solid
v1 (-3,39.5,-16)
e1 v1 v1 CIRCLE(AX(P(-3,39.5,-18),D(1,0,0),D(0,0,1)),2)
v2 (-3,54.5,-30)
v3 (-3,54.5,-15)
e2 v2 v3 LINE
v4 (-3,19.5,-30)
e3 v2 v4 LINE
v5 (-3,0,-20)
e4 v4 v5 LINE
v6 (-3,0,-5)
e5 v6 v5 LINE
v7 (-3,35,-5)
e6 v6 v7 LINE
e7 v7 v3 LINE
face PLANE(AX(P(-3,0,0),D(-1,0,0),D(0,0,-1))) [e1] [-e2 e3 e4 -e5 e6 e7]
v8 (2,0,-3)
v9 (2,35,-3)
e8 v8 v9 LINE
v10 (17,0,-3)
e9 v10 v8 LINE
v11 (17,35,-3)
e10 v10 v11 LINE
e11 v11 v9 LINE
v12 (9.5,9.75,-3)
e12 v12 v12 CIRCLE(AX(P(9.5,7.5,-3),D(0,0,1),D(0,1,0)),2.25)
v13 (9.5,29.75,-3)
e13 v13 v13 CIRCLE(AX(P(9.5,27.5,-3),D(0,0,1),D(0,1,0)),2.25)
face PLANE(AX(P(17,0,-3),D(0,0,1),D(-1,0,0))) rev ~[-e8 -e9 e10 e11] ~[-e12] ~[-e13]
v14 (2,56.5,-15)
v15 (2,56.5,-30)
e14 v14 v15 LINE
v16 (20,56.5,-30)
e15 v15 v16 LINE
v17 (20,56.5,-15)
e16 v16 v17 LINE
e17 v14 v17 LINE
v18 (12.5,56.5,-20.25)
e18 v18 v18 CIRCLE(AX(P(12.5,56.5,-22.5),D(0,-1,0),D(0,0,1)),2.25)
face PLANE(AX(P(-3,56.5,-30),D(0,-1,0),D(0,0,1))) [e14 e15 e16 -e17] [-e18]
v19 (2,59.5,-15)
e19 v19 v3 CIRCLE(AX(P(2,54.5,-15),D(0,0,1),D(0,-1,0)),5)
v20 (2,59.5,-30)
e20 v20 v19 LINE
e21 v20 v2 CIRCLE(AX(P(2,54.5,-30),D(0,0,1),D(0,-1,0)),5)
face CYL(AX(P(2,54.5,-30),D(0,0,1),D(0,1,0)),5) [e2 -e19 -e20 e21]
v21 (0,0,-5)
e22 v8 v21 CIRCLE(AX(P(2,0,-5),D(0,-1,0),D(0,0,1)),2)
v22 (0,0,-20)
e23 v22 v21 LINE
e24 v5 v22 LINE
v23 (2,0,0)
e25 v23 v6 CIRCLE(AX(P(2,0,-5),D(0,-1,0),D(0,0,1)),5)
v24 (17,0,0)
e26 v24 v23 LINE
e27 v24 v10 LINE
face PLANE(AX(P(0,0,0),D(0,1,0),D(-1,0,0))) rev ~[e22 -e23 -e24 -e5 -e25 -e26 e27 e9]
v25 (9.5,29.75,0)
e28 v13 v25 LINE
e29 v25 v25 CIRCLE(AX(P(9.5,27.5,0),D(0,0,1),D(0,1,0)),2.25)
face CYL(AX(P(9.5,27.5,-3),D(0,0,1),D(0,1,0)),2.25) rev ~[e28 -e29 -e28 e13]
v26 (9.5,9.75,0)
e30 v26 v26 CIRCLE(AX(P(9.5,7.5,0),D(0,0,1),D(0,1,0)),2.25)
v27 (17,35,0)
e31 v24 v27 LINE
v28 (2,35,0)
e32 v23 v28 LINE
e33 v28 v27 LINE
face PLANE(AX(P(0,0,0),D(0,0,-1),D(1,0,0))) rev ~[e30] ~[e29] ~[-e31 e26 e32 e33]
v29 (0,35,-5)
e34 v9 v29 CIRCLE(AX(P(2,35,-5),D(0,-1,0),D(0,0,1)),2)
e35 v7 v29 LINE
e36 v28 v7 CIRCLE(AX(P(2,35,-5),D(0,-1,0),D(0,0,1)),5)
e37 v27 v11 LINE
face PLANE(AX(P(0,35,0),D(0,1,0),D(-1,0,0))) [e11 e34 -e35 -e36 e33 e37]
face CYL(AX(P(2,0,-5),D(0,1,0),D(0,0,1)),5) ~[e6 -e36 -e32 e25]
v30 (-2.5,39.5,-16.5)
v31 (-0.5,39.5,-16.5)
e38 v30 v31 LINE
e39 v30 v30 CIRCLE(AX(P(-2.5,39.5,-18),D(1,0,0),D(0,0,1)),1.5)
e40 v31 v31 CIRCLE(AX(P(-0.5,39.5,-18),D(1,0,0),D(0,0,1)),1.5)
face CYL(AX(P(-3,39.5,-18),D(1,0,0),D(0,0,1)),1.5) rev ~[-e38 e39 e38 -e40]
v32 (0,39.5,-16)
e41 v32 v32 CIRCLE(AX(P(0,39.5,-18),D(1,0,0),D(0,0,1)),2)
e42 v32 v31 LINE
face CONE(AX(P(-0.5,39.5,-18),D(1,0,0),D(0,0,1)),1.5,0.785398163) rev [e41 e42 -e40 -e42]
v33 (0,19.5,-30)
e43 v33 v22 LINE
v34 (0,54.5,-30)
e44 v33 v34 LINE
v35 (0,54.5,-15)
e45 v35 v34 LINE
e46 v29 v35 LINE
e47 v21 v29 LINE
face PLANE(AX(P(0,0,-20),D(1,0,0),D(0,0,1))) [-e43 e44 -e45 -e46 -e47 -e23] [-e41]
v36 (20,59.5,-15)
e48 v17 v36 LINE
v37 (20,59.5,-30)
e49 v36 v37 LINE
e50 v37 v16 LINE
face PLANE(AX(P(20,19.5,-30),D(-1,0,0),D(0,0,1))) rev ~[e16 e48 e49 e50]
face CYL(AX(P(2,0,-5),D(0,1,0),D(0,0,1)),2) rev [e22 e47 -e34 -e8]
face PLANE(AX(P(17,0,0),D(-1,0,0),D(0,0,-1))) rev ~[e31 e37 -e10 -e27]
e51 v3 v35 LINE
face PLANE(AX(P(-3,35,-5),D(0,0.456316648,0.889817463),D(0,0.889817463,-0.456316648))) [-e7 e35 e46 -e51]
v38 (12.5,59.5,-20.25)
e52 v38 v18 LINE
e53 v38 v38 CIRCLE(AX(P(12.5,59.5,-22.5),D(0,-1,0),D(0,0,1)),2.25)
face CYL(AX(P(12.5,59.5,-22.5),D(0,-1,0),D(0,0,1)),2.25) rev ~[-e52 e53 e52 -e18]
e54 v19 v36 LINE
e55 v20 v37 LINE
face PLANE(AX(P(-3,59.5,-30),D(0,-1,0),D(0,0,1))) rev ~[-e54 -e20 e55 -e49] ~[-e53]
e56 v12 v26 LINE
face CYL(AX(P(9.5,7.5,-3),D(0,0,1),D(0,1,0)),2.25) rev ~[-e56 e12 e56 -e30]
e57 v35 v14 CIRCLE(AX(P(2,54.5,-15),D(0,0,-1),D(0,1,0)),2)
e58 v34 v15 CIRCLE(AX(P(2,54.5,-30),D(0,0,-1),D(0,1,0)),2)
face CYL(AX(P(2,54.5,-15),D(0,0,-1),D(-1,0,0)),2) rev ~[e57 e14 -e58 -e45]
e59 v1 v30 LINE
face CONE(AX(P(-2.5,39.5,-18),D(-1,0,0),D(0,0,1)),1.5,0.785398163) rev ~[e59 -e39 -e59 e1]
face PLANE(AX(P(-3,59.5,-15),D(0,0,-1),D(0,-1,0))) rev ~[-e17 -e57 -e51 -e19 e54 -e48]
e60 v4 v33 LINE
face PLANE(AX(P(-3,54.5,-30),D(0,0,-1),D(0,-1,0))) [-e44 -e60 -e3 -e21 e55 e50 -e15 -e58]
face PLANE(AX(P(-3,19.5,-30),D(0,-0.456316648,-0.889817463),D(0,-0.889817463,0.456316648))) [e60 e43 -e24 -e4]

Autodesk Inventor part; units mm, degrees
ref_plane "YZ Plane" through (0, 0, 0) normal (1, 0, 0) x (0, 1, 0)
ref_plane "XZ Plane" through (0, 0, 0) normal (0, 1, 0) x (-1, 0, 0)
ref_plane "XY Plane" through (0, 0, 0) normal (0, 0, 1) x (1, 0, 0)
sketch "Sketch1" plane through (0, 0, 0) normal (0, 1, 0) x (-1, 0, 0)
  line L0 (0, 0) -> (-17, 0)
  line L1 (-17, 0) -> (-17, -3)
  line L2 (-17, -3) -> (0, -3)
  line L3 (0, -3) -> (0, 0)
  line L4 (0, 0) -> (3, 0)
  line L5 (3, 0) -> (3, -20)
  line L6 (3, -20) -> (0, -20)
  line L7 (0, -20) -> (0, 0)
  dimension "d0" = 3
  dimension "d1" = 3
  dimension "d3" = 20
  dimension "d56" = 20
extrude "Extrusion1" add sketch "Sketch1" along normal blind 35
fillet "Fillet1" radius 2 1 edges at (0, 17.5, -3)
fillet "Fillet2" radius 5 1 edges at (-3, 17.5, 0)
sketch "Sketch3" plane through (17, 0, -3) normal (0, 0, -1) x (1, 0, 0)
  line L0 (0, -35) -> (-15, -35) projected
  line L1 (-15, 0) -> (0, 0) projected
  line L2 (0, 0) -> (0, -35) projected
  point P0 (-17, 0)
  point P1 (-7.5, -27.5)
  point P2 (-17, 35)
  point P3 (-17, 0)
  point P4 (-7.5, -7.5)
  point P5 (-17, -35)
  dimension "d21" = 7.5
  dimension "d57" = 7.5
  dimension "d58" = 7.5
hole "Hole2" at (9.5, 27.5, -3) at (9.5, 7.5, -3) direction (0, 0, 1) diameter 4.5 end through all clearance for "Socket Head Cap Screw" size "M4" standard "Ansi Metric M Profile"
sketch "Sketch4" plane through (-3, 0, -20) normal (-1, 0, 0) x (0, 0, 1)
  line L0 (15, 35) -> (5, 54.5)
  line L1 (5, 54.5) -> (-10, 54.5)
  line L2 (-10, 54.5) -> (-10, 19.5)
  line L3 (0, 0) -> (0, 35) projected
  line L4 (-10, 19.5) -> (0, 0)
  line L5 (5, 54.5) -> (-10, 54.5)
  line L6 (-10, 54.5) -> (-10, 59.5)
  line L7 (-10, 59.5) -> (5, 59.5)
  line L8 (5, 59.5) -> (5, 54.5)
  line L9 (20, 0) -> (20, 35) projected
  line L10 (17, 25.25) -> (17, 29.75) projected
  line L11 (20, 29.75) -> (20, 25.25) projected
  line L12 (17, 25.25) -> (17, 29.75) projected
  line L13 (0, 35) -> (15, 35) projected
  dimension "d30" = 5
  dimension "d32" = 15
  dimension "d34" = 15
  dimension "d59" = 19.5
extrude "Extrusion2" add sketch "Sketch4" against normal up to surface (3 mm away)
sketch "Sketch5" plane through (-3, 19.5, -30) normal (-1, 0, 0) x (0, 0, 1)
  line L0 (10, -19.5) -> (25, -19.5) projected
  line L1 (0, 40) -> (0, 0) projected
  line L2 (15, 40) -> (0, 40)
  line L3 (0, 40) -> (0, 37)
  line L4 (0, 37) -> (15, 37)
  line L5 (15, 37) -> (15, 40)
  line L6 (25, 15.5) -> (15, 35) projected
  line L7 (15, 35) -> (15, 40) projected
  line L8 (15, 40) -> (0, 40) projected
  line L9 (0, 40) -> (0, 0) projected
  line L10 (0, 0) -> (10, -19.5) projected
  line L11 (25, 15.5) -> (25, -19.5) projected
  point P0 (30, -19.5)
  dimension "d52" = 3
  dimension "d53" = 15
extrude "Extrusion3" add sketch "Sketch5" against normal blind 23 contours L1 L2 L5 L4
fillet "Fillet3" radius 2 1 edges at (0, 56.5, -22.5)
fillet "Fillet4" radius 5 1 edges at (-3, 59.5, -22.5)
sketch "Sketch6" plane through (22, 59.5, -15) normal (0, 1, 0) x (-1, 0, 0)
  line L0 (2, -15) -> (2, 0) projected
  point P0 (9.5, -7.5)
  point P1 (2, -7.5)
  point P2 (2, -7.5)
  dimension "d54" = 7.5
hole "Hole3" at (12.5, 59.5, -22.5) direction (0, -1, 0) diameter 4.5 end through all clearance for "Flat Head Machine Screw" size "M4" standard "Ansi Metric M Profile"
sketch "Sketch7" plane through (-3, 0, -20) normal (-1, 0, 0) x (0, 0, 1)
  line L0 (-10, 54.5) -> (5, 54.5) projected
  line L1 (-10, 54.5) -> (-10, 19.5) projected
  point P0 (20, 0)
  point P1 (2, 39.5)
  dimension "d60" = 15
  dimension "d61" = 12
hole "Hole4" at (-3, 39.5, -18) direction (1, 0, 0) diameter 3 end through all
chamfer "Chamfer1" distance 0.5 angle 45 2 edges at (-3, 39.5, -19.5) (0, 39.5, -19.5)
equation "\"d1\" = d0"
equation "\"d21\" = d19"
equation "\"d58\" = d57"
equation "\"d19\" = 7.5"
properties part number "Top_Angle Bracket Small" material "Aluminum 6061"
